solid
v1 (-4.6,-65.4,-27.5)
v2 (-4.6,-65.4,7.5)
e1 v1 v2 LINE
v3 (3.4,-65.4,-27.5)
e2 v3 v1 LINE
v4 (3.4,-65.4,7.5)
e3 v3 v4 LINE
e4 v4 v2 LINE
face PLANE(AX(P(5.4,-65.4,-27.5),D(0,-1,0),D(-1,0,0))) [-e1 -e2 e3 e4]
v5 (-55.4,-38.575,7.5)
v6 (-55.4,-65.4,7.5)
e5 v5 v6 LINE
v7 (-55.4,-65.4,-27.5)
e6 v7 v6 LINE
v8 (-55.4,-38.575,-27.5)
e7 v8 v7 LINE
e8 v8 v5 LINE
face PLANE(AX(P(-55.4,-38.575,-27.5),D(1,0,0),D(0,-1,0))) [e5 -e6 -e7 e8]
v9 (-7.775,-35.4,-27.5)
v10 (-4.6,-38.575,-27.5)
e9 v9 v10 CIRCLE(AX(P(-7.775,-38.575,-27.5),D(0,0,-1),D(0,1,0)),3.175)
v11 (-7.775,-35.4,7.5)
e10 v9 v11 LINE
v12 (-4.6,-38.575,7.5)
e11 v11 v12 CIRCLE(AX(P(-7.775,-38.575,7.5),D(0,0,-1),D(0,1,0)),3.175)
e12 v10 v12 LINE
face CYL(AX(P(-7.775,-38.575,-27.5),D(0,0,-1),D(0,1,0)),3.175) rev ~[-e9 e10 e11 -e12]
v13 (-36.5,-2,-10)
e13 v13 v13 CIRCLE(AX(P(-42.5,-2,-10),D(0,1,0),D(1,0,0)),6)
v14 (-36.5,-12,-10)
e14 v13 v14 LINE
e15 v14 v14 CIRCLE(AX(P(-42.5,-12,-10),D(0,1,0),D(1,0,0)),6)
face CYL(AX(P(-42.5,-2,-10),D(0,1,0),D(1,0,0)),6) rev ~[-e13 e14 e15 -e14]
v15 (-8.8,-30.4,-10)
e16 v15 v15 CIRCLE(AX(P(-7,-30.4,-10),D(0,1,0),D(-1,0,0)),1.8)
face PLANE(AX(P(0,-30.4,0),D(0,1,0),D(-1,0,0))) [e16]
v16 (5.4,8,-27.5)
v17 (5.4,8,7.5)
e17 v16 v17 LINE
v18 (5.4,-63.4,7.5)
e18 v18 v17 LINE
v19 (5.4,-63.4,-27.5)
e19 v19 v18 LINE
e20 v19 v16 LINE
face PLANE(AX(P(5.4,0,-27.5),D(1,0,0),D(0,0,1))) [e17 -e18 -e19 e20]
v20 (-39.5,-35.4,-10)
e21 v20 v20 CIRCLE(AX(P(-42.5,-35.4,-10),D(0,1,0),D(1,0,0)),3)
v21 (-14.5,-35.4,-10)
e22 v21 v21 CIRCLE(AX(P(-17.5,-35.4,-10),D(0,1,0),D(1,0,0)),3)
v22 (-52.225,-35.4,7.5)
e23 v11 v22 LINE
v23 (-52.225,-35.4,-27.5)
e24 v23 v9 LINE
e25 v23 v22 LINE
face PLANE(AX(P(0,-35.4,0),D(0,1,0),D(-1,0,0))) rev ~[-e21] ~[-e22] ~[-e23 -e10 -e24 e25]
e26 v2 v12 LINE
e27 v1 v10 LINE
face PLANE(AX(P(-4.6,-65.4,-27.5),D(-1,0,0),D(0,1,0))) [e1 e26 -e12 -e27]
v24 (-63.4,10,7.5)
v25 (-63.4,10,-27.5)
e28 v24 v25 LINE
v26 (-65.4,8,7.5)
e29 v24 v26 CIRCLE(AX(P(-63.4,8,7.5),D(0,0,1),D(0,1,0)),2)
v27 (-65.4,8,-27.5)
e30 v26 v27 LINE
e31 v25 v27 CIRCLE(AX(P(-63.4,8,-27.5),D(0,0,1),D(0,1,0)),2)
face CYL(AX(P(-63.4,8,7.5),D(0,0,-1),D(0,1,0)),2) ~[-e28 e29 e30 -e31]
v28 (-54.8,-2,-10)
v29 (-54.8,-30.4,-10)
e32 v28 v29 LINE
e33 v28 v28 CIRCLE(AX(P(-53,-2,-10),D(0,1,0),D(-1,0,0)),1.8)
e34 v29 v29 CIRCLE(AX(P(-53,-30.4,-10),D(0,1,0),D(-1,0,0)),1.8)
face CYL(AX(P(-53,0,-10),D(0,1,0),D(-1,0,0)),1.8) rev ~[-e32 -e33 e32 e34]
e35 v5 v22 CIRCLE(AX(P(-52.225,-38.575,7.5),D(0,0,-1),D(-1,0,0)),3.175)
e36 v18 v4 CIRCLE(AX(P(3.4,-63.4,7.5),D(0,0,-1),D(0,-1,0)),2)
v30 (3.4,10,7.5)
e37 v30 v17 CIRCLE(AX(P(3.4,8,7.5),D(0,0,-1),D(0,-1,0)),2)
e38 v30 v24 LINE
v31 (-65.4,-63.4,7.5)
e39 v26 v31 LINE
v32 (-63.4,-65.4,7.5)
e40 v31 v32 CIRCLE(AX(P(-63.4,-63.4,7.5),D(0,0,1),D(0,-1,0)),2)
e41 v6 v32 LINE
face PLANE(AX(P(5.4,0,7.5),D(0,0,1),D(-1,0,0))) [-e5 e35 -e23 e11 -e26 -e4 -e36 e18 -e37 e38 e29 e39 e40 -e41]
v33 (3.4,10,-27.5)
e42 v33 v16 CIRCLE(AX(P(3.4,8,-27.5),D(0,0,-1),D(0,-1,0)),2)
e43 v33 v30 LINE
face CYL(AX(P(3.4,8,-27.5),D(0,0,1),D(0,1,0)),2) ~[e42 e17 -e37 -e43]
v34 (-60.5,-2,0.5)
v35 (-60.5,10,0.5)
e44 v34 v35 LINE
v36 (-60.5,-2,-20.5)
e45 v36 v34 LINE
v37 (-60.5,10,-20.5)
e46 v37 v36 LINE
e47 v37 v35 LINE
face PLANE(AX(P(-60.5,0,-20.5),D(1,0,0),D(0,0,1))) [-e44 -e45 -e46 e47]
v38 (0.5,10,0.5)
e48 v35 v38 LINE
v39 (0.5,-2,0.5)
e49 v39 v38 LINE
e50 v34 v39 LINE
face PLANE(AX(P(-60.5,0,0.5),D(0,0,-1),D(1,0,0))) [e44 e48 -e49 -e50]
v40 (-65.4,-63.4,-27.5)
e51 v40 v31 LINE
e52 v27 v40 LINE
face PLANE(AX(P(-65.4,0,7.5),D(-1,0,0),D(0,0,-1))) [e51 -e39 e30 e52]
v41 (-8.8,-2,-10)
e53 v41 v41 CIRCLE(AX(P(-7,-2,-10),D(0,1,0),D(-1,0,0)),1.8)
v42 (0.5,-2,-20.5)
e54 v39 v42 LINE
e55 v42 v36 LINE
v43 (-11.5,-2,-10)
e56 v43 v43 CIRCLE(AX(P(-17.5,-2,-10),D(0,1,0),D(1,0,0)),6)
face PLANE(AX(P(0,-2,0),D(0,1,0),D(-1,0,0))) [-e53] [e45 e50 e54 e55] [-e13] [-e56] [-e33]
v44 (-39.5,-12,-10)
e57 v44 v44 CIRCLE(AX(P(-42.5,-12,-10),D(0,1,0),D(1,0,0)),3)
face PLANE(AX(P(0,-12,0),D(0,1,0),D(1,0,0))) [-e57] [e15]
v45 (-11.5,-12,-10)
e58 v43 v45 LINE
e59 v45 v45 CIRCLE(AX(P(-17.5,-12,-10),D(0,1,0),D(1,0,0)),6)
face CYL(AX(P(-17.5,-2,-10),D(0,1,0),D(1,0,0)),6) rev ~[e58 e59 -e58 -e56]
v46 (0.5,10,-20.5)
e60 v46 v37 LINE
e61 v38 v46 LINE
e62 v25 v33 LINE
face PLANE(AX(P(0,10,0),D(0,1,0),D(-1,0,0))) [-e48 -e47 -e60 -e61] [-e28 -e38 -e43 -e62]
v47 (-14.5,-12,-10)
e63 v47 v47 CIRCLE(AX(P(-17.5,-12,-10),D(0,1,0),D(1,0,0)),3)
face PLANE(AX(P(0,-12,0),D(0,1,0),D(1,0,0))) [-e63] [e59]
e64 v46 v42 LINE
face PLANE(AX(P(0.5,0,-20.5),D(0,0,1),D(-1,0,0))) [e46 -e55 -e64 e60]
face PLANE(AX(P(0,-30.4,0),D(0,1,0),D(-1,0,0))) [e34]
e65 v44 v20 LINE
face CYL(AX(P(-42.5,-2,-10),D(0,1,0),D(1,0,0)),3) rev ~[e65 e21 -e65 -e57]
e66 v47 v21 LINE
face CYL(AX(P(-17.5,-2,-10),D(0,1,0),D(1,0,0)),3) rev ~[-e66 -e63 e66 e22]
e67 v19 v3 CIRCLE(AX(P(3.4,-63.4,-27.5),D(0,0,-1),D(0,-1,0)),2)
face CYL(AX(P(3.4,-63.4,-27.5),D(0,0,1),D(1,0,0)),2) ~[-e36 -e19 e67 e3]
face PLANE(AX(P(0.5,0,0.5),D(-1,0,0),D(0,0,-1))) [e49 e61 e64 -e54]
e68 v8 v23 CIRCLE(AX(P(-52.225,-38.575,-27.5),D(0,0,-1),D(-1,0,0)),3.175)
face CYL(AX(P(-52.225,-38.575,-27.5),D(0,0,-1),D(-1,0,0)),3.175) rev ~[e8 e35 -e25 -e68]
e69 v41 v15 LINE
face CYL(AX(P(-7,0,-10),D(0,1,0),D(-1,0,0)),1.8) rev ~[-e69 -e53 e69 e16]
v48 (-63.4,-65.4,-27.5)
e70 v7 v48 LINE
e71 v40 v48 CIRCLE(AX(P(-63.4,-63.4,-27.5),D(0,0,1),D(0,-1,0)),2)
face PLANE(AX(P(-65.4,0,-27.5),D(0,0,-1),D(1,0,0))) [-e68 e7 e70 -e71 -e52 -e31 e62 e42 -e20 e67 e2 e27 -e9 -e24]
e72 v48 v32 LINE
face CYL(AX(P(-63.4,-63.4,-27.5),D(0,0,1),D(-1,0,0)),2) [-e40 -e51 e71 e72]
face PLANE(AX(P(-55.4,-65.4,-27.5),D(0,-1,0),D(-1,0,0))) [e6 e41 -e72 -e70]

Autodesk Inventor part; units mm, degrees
ref_plane "YZ Plane" through (0, 0, 0) normal (1, 0, 0) x (0, 1, 0)
ref_plane "XZ Plane" through (0, 0, 0) normal (0, 1, 0) x (-1, 0, 0)
ref_plane "XY Plane" through (0, 0, 0) normal (0, 0, 1) x (1, 0, 0)
sketch "Sketch1" plane through (0, 0, 0) normal (0, 1, 0) x (-1, 0, 0)
  line L0 (0, 0) -> (60, 0) construction
  line L1 (60, 0) -> (60, -20) construction
  line L2 (60, -20) -> (0, -20) construction
  line L3 (0, -20) -> (0, 0) construction
  line L4 (60.5, 0.5) -> (-0.5, 0.5)
  line L5 (-0.5, 0.5) -> (-0.5, -20.5)
  line L6 (-0.5, -20.5) -> (60.5, -20.5)
  line L7 (60.5, -20.5) -> (60.5, 0.5)
  circle A0 centre (53, -10) radius 1.8
  circle A1 centre (7, -10) radius 1.8
  line L8 (53, -10) -> (7, -10) construction
  point P0 (30, -10)
  point P1 (30, -20)
  point P2 (7, -10)
  point P3 (0, -10)
  dimension "d0" = 20
  dimension "d1" = 60
  dimension "d2" = 0.5
  dimension "d3" = 0.5
  dimension "d4" = 0.5
  dimension "d5" = 0.5
  dimension "d6" = 3.6
  dimension "d7" = 46
sketch "Sketch2" plane through (0, 0, 0) normal (0, 1, 0) x (-1, 0, 0)
  line L0 (-5.4, 7.5) -> (65.4, 7.5)
  line L1 (65.4, 7.5) -> (65.4, -27.5)
  line L2 (65.4, -27.5) -> (-5.4, -27.5)
  line L3 (-5.4, -27.5) -> (-5.4, 7.5)
  line L4 (60.5, -20.5) -> (60.5, 0.5) construction
  line L5 (-0.5, 0.5) -> (-0.5, -20.5) construction
  line L6 (-0.5, -20.5) -> (60.5, -20.5) construction
  point P0 (0, 0)
  point P1 (60.5, -10)
  point P2 (65.4, -10)
  point P3 (30, -20.5)
  point P4 (30, -27.5)
  dimension "d9" = 70.8
  dimension "d10" = 35
extrude "Extrusion1" add sketch "Sketch2" along normal blind 10 and the other way blind 35.4
extrude "Extrusion2" cut sketch "Sketch1" along normal blind 10 and the other way blind 2
extrude "Extrusion3" cut sketch "Sketch1" along normal blind 10 and the other way blind 30.4 contours A0 | A1
sketch "Sketch3" plane through (5.4, 10, -27.5) normal (0, 0, -1) x (-1, 0, 0)
  line L0 (70.8, -45.4) -> (0, -45.4) projected
  line L1 (0, -45.4) -> (0, -75.4)
  line L2 (0, -75.4) -> (10, -75.4)
  line L3 (10, -75.4) -> (10, -48.575)
  line L4 (13.175, -45.4) -> (57.625, -45.4)
  line L5 (60.8, -48.575) -> (60.8, -75.4)
  line L6 (60.8, -75.4) -> (70.8, -75.4)
  line L7 (70.8, -75.4) -> (70.8, -45.4)
  arc A0 (13.175, -45.4) -> (10, -48.575) centre (13.175, -48.575) ccw
  arc A1 (60.8, -48.575) -> (57.625, -45.4) centre (57.625, -48.575) ccw
  point P0 (5.4, -10)
  point P1 (10, -45.4)
  point P2 (60.8, -45.4)
  point P3 (35.4, -45.4)
  point P4 (13.175, -45.4)
  point P5 (57.625, -45.4)
  dimension "d23" = 50.8
  dimension "d24" = 3.175
  dimension "d25" = 10
  dimension "d26" = 30
extrude "Extrusion4" add sketch "Sketch3" against normal up to surface (35 mm away)
sketch "Sketch4" plane through (0, -2, 0) normal (0, 1, 0) x (1, 0, 0)
  circle A0 centre (-42.5, 10) radius 3
  circle A1 centre (-17.5, 10) radius 3
  line L0 (-60.5, 20.5) -> (0.5, 20.5) construction
  line L1 (-60.5, -0.5) -> (-60.5, 20.5) construction
  line L2 (-42.5, 10) -> (-17.5, 10) construction
  point P0 (0, 0)
  point P1 (-30, 20.5)
  point P2 (-30, 10)
  point P3 (-60.5, 10)
  dimension "d29" = 6
  dimension "d30" = 25
extrude "Extrusion5" cut sketch "Sketch4" against normal up to surface (33.4 mm away)
sketch "Sketch5" plane through (0, -2, 0) normal (0, 1, 0) x (1, 0, 0)
  circle A0 centre (-42.5, 10) radius 3 construction
  circle A1 centre (-17.5, 10) radius 3 construction
  circle A2 centre (-17.5, 10) radius 6
  circle A3 centre (-42.5, 10) radius 6
  point P0 (0, 0)
  dimension "d34" = 12
extrude "Extrusion6" cut sketch "Sketch5" against normal blind 10
fillet "Fillet1" radius 2 2 edges at (-65.4, 10, -10) (5.4, 10, -10)
fillet "Fillet2" radius 2 2 edges at (-65.4, -65.4, -10) (5.4, -65.4, -10)
properties part number "BK12_Spacer"
